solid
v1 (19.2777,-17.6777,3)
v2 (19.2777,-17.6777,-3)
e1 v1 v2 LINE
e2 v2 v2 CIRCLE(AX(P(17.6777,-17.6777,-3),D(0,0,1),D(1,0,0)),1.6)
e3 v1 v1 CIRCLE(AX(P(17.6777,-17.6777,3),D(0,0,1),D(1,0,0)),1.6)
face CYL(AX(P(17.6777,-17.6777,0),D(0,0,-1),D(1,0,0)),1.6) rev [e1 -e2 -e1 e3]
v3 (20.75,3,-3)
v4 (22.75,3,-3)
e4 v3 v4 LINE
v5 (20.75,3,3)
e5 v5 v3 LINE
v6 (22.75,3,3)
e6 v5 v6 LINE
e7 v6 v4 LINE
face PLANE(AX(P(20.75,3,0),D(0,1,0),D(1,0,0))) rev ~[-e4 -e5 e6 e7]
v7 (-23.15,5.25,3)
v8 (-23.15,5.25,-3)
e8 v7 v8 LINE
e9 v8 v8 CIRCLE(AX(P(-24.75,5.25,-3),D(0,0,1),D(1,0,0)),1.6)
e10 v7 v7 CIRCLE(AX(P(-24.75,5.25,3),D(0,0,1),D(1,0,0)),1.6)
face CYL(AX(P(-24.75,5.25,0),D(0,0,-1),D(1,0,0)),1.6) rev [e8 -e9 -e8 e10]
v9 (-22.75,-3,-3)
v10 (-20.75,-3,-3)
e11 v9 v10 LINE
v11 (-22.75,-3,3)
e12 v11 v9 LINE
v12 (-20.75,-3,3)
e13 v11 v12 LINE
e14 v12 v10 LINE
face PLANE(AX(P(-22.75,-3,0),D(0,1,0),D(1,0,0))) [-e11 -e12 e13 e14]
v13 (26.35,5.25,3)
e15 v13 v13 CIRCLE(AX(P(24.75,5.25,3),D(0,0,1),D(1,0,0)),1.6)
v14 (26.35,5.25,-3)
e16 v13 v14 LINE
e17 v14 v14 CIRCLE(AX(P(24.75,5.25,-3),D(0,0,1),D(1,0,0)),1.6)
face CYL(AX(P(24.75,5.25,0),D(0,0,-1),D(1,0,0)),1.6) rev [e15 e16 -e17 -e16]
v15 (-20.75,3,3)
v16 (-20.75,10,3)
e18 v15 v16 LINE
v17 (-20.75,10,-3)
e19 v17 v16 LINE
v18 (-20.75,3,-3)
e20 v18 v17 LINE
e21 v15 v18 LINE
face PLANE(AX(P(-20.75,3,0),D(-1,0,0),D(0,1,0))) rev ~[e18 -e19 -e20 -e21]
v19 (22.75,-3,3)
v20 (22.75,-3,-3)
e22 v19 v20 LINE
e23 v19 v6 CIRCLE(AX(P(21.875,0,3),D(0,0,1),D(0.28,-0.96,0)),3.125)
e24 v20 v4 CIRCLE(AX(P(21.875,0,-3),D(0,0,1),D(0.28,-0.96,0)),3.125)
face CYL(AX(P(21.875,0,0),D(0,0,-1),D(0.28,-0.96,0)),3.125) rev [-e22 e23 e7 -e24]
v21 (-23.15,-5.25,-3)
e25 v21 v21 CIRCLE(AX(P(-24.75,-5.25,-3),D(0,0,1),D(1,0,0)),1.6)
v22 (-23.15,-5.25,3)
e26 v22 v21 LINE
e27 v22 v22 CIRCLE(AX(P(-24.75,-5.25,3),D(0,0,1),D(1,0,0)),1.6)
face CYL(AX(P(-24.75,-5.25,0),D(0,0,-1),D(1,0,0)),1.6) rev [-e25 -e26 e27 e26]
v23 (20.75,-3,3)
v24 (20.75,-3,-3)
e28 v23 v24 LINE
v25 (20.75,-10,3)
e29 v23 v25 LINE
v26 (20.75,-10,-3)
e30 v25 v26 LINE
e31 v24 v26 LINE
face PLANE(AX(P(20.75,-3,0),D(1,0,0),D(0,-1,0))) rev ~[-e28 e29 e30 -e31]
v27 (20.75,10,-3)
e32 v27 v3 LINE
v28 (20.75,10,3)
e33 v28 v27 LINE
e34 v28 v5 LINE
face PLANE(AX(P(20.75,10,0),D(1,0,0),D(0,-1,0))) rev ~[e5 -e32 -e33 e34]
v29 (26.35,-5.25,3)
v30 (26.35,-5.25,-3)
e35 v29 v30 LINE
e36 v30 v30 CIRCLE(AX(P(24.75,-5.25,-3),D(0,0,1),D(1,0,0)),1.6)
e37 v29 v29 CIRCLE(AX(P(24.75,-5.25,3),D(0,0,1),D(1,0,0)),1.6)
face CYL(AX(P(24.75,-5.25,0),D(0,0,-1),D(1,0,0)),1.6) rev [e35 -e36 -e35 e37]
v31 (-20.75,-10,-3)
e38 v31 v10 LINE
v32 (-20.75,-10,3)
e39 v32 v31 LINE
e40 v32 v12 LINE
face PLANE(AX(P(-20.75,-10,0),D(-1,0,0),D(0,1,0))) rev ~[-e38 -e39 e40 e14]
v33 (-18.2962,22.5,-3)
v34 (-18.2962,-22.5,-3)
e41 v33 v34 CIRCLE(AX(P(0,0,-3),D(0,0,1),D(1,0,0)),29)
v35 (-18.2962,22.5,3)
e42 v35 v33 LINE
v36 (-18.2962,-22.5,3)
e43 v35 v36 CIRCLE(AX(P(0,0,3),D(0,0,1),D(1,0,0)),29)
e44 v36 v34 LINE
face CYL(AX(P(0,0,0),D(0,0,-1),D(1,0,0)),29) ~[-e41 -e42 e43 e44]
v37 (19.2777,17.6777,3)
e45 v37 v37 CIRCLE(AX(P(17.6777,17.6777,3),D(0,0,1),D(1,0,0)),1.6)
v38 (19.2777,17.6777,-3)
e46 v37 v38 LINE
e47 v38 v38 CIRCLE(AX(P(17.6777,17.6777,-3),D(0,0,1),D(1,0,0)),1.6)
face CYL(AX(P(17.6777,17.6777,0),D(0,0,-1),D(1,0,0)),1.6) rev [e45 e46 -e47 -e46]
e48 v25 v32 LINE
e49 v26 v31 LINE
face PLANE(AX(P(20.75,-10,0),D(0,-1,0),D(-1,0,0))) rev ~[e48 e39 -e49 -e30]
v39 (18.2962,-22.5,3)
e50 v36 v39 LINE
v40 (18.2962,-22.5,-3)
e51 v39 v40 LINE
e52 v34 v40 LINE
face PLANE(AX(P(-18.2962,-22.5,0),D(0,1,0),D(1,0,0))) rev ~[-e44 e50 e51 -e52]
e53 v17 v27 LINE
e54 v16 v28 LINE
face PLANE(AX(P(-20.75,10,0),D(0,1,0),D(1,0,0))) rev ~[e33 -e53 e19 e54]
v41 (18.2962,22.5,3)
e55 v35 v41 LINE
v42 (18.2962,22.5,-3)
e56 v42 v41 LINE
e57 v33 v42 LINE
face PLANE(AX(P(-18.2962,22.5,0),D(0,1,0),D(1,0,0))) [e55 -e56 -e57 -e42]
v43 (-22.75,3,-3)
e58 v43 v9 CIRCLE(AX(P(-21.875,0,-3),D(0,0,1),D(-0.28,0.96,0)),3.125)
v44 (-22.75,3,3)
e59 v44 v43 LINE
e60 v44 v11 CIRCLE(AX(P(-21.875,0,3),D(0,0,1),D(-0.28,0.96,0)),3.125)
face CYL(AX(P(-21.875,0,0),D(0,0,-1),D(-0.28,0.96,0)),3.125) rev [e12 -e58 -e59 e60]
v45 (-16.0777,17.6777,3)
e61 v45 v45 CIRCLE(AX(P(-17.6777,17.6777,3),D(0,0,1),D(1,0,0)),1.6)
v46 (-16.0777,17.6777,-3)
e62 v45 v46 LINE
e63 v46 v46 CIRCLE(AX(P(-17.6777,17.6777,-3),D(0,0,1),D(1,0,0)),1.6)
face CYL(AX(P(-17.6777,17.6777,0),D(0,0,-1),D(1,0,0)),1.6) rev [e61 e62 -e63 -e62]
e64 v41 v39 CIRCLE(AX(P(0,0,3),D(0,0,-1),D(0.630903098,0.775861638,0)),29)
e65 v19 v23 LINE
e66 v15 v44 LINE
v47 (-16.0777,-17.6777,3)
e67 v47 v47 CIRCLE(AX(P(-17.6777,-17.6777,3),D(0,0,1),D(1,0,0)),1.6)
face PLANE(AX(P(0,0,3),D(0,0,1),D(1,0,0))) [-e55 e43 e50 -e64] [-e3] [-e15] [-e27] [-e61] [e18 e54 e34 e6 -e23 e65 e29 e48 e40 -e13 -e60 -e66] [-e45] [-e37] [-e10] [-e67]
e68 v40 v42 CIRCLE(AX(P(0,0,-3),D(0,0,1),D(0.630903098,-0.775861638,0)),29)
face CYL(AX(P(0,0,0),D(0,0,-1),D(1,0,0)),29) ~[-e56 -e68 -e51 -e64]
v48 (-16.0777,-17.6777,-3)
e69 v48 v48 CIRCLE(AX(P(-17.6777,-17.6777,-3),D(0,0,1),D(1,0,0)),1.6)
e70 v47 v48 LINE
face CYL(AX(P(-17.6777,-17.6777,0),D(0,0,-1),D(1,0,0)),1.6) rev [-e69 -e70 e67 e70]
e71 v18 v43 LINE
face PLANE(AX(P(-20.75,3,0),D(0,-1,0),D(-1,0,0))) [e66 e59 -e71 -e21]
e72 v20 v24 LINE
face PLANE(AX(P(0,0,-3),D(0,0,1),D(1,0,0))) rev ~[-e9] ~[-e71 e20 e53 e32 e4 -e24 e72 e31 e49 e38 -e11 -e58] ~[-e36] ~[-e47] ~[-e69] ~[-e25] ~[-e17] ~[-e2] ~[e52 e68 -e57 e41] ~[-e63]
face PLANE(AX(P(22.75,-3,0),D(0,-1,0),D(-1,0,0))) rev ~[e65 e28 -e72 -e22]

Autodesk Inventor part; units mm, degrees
ref_plane "YZ Plane" through (0, 0, 0) normal (1, 0, 0) x (0, 1, 0)
ref_plane "XZ Plane" through (0, 0, 0) normal (0, 1, 0) x (-1, 0, 0)
ref_plane "XY Plane" through (0, 0, 0) normal (0, 0, 1) x (1, 0, 0)
sketch "Эскиз1" plane through (0, 0, 0) normal (0, 0, 1) x (1, 0, 0)
  line L0 (-20.75, 10) -> (20.75, 10)
  line L1 (20.75, 10) -> (20.75, -10)
  line L2 (20.75, -10) -> (-20.75, -10)
  line L3 (-20.75, -10) -> (-20.75, 10)
  line L4 (-20.75, 10) -> (20.75, -10) construction
  line L5 (20.75, 10) -> (-20.75, -10) construction
  circle A0 centre (0, 0) radius 29
  line L6 (0, 0) -> (0, 105.5742) construction
  line L7 (0, 0) -> (104.4464, 0) construction
  circle A1 centre (0, 0) radius 25 construction
  line L8 (0, 0) -> (29.0219, 29.0219) construction
  circle A2 centre (17.6777, 17.6777) radius 1.6
  line L9 (0, 0) -> (-29.0219, 29.0219) construction
  circle A3 centre (-17.6777, 17.6777) radius 1.6
  line L10 (0, 0) -> (-29.0219, -29.0219) construction
  circle A4 centre (-17.6777, -17.6777) radius 1.6
  line L11 (0, 0) -> (29.0219, -29.0219) construction
  circle A5 centre (17.6777, -17.6777) radius 1.6
  circle A6 centre (-24.75, -5.25) radius 1.6
  circle A7 centre (-24.75, 5.25) radius 1.6
  circle A8 centre (24.75, -5.25) radius 1.6
  circle A9 centre (24.75, 5.25) radius 1.6
  line L12 (20.75, 3) -> (22.75, 3)
  line L13 (22.75, 3) -> (22.75, -3)
  line L14 (22.75, -3) -> (20.75, -3)
  line L15 (20.75, -3) -> (20.75, 3)
  line L16 (-20.75, 3) -> (-22.75, 3)
  line L17 (-22.75, 3) -> (-22.75, -3)
  line L18 (-22.75, -3) -> (-20.75, -3)
  line L19 (-20.75, -3) -> (-20.75, 3)
  line L20 (-18.2962, -22.5) -> (18.2962, -22.5)
  line L21 (-18.2962, 22.5) -> (18.2962, 22.5)
  arc A10 (22.75, -3) -> (22.75, 3) centre (21.875, 0) ccw
  arc A11 (-22.75, 3) -> (-22.75, -3) centre (-21.875, 0) ccw
  point P0 (-20.75, -3)
  point P1 (-20.75, 3)
  dimension "d18" = 50
  dimension "d0" = 41.5
  dimension "d1" = 20
  dimension "d8" = 58
  dimension "d17" = 45
  dimension "d19" = 3.2
  dimension "d22" = 360
  dimension "d24" = 3.2
  dimension "d25" = 4.75
  dimension "d26" = 4
  dimension "d29" = 4.75
  dimension "d31" = 2
  dimension "d32" = 6
  dimension "d33" = 2
  dimension "d34" = 45
extrude "Выдавливание1" add sketch "Эскиз1" along normal mid plane 6 contours A0 L20 L21
properties part number "Кронштейн_сервопривод"
